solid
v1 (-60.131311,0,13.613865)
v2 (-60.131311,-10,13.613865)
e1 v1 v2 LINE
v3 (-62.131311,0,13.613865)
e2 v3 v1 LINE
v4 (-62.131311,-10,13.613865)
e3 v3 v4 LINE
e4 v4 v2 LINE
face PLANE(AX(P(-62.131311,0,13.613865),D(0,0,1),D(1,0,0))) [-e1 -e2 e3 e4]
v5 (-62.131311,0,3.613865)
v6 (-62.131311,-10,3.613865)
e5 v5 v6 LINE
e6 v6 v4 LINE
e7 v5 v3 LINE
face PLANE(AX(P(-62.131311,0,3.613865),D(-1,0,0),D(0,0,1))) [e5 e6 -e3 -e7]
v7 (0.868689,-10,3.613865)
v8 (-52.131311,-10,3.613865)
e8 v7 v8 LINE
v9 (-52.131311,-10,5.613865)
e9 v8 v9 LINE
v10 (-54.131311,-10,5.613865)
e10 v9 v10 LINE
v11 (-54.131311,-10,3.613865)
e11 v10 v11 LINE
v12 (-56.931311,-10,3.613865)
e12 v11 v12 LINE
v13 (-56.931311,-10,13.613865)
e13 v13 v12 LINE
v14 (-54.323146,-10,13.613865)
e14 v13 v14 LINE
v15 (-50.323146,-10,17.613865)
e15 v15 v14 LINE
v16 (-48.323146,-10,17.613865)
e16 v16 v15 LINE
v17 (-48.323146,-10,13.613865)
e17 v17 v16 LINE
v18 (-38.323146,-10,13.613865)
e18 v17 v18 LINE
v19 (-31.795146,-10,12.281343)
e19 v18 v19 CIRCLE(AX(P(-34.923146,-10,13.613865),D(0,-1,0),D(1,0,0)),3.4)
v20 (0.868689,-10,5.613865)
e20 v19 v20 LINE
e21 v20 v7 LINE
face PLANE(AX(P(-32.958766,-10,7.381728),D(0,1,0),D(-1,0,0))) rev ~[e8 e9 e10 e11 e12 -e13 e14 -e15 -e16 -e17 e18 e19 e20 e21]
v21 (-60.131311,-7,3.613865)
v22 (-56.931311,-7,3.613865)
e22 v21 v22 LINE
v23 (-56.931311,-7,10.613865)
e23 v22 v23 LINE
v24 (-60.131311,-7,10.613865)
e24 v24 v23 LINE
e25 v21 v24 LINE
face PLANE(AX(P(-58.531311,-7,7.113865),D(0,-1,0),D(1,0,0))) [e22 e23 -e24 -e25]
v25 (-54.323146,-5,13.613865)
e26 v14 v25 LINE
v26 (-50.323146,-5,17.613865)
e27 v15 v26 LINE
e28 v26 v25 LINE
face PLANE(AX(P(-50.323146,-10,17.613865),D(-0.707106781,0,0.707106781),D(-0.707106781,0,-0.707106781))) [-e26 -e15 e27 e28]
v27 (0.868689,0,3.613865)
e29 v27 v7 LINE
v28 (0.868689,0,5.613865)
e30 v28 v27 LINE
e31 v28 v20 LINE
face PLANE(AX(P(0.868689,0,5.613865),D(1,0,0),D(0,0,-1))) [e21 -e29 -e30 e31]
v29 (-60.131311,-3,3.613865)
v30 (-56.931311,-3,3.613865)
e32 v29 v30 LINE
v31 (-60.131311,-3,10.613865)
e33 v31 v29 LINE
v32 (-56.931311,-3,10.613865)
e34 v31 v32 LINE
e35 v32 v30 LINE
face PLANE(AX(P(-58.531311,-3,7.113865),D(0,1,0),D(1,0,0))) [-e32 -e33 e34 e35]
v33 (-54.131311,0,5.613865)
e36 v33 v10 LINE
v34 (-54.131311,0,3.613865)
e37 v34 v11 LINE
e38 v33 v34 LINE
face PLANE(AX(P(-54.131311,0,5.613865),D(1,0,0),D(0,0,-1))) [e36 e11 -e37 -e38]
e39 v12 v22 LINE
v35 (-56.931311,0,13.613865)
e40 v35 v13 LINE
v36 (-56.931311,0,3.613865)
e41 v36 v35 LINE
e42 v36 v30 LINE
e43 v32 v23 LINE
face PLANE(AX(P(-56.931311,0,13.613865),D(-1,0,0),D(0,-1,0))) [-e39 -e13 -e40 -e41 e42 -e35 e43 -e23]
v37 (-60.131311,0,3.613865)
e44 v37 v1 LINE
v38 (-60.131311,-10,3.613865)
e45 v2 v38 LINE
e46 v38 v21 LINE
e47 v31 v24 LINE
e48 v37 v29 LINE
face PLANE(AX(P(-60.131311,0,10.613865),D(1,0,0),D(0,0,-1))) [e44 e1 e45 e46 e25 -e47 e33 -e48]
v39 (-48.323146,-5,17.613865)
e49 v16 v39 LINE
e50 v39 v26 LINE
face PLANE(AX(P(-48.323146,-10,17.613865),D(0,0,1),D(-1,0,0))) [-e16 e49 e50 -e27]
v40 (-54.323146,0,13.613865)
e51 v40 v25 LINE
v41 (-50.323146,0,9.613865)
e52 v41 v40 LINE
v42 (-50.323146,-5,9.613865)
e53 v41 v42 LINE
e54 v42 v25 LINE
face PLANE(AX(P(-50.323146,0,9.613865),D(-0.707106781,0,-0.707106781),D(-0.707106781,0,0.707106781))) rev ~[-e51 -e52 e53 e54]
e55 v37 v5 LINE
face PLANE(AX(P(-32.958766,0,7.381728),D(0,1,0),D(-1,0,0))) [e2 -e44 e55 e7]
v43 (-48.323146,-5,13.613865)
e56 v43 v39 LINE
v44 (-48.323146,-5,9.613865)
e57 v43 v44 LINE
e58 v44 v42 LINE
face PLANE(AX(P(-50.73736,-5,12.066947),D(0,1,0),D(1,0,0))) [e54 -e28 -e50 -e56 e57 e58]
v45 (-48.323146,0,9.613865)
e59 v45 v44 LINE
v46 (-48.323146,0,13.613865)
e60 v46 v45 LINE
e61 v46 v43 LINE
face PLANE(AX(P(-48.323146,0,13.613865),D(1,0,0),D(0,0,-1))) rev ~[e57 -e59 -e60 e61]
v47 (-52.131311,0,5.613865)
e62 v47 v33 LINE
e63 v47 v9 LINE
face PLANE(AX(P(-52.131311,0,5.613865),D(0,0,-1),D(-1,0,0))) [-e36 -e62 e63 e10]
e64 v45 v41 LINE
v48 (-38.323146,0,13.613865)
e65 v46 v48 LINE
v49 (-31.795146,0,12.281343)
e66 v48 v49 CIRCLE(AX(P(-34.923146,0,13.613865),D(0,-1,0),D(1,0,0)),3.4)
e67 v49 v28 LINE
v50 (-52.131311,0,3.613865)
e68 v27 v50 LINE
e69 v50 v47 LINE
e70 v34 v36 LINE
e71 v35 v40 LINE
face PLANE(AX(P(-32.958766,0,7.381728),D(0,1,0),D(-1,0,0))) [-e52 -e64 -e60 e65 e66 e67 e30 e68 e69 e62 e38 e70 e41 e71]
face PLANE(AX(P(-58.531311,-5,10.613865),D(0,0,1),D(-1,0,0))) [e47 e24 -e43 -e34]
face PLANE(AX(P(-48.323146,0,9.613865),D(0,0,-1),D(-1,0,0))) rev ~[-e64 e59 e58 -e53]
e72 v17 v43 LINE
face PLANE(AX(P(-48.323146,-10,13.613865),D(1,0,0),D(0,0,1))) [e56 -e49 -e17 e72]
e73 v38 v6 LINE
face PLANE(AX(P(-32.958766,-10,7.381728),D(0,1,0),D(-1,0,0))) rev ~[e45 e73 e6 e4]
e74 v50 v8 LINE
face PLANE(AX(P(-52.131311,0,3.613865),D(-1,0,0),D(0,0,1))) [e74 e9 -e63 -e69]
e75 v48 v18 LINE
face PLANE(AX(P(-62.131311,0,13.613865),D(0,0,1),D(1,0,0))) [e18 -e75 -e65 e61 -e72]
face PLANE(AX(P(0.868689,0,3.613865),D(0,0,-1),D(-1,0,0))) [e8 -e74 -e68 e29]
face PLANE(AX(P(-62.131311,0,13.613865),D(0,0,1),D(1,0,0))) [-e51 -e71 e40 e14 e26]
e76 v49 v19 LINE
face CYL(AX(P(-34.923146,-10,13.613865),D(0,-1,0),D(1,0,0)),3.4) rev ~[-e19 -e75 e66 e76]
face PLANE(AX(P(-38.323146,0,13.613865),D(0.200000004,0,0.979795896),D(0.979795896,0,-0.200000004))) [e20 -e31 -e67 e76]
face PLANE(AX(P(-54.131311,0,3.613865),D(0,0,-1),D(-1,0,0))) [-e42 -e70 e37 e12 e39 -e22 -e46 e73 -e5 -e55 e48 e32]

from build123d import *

# Parameters (mm, degrees)
PAD_DEPTH       = 10
SKETCH001_R     = 3.4
POCKET_DEPTH    = 10.001
PAD001_DEPTH    = 5
POCKET001_DEPTH = 5
SKETCH004_W     = 3.2
SKETCH004_H     = 10
POCKET002_DEPTH = 3
SKETCH005_W     = 3.2
SKETCH005_H     = 7
POCKET003_DEPTH = 3
SKETCH006_W     = 3.2
SKETCH006_H     = 7
POCKET004_DEPTH = 3


with BuildPart() as part:
    # Sketch → Pad (new body)
    with BuildSketch(Plane.XZ):
        Polygon((0.868689, 3.613865), (-52.131311, 3.613865), (-52.131311, 5.613865), (-54.131311, 5.613865), (-54.131311, 3.613865), (-62.131311, 3.613865), (-62.131311, 13.613865), (-38.323146, 13.613865), (0.868689, 5.613865), align=None)
    extrude(amount=PAD_DEPTH)

    # Sketch001 → Pocket (cut, through all)
    with BuildSketch(Plane.XZ.offset(10)):
        with Locations((-34.923146, 13.613865)):
            Circle(SKETCH001_R)
    extrude(amount=-POCKET_DEPTH, mode=Mode.SUBTRACT)

    # Sketch002 → Pad001 (new body)
    with BuildSketch(Plane.XZ.offset(10)):
        Polygon((-48.323146, 13.613865), (-48.323146, 17.613865), (-50.323146, 17.613865), (-54.323146, 13.613865), align=None)
    extrude(amount=-PAD001_DEPTH)

    # Sketch003 → Pocket001 (cut)
    with BuildSketch(Plane(origin=(0, 0, 0), x_dir=(1, 0, 0), z_dir=(0, 1, 0))):
        Polygon((-48.323146, -13.613865), (-48.323146, -9.613865), (-50.323146, -9.613865), (-54.323146, -13.613865), align=None)
    extrude(amount=-POCKET001_DEPTH, mode=Mode.SUBTRACT)

    # Sketch004 → Pocket002 (cut)
    with BuildSketch(Plane(origin=(0, 0, 13.613865), x_dir=(-1, 0, 0), z_dir=(0, 0, 1))):
        with Locations((58.531311, 5)):
            Rectangle(SKETCH004_W, SKETCH004_H)
    extrude(amount=-POCKET002_DEPTH, mode=Mode.SUBTRACT)

    # Sketch005 → Pocket003 (cut)
    with BuildSketch(Plane.XZ.offset(10)):
        with Locations((-58.531311, 7.113865)):
            Rectangle(SKETCH005_W, SKETCH005_H)
    extrude(amount=-POCKET003_DEPTH, mode=Mode.SUBTRACT)

    # Sketch006 → Pocket004 (cut)
    with BuildSketch(Plane(origin=(0, 0, 0), x_dir=(1, 0, 0), z_dir=(0, 1, 0))):
        with Locations((-58.531311, -7.113865)):
            Rectangle(SKETCH006_W, SKETCH006_H)
    extrude(amount=-POCKET004_DEPTH, mode=Mode.SUBTRACT)


solid = part.part
